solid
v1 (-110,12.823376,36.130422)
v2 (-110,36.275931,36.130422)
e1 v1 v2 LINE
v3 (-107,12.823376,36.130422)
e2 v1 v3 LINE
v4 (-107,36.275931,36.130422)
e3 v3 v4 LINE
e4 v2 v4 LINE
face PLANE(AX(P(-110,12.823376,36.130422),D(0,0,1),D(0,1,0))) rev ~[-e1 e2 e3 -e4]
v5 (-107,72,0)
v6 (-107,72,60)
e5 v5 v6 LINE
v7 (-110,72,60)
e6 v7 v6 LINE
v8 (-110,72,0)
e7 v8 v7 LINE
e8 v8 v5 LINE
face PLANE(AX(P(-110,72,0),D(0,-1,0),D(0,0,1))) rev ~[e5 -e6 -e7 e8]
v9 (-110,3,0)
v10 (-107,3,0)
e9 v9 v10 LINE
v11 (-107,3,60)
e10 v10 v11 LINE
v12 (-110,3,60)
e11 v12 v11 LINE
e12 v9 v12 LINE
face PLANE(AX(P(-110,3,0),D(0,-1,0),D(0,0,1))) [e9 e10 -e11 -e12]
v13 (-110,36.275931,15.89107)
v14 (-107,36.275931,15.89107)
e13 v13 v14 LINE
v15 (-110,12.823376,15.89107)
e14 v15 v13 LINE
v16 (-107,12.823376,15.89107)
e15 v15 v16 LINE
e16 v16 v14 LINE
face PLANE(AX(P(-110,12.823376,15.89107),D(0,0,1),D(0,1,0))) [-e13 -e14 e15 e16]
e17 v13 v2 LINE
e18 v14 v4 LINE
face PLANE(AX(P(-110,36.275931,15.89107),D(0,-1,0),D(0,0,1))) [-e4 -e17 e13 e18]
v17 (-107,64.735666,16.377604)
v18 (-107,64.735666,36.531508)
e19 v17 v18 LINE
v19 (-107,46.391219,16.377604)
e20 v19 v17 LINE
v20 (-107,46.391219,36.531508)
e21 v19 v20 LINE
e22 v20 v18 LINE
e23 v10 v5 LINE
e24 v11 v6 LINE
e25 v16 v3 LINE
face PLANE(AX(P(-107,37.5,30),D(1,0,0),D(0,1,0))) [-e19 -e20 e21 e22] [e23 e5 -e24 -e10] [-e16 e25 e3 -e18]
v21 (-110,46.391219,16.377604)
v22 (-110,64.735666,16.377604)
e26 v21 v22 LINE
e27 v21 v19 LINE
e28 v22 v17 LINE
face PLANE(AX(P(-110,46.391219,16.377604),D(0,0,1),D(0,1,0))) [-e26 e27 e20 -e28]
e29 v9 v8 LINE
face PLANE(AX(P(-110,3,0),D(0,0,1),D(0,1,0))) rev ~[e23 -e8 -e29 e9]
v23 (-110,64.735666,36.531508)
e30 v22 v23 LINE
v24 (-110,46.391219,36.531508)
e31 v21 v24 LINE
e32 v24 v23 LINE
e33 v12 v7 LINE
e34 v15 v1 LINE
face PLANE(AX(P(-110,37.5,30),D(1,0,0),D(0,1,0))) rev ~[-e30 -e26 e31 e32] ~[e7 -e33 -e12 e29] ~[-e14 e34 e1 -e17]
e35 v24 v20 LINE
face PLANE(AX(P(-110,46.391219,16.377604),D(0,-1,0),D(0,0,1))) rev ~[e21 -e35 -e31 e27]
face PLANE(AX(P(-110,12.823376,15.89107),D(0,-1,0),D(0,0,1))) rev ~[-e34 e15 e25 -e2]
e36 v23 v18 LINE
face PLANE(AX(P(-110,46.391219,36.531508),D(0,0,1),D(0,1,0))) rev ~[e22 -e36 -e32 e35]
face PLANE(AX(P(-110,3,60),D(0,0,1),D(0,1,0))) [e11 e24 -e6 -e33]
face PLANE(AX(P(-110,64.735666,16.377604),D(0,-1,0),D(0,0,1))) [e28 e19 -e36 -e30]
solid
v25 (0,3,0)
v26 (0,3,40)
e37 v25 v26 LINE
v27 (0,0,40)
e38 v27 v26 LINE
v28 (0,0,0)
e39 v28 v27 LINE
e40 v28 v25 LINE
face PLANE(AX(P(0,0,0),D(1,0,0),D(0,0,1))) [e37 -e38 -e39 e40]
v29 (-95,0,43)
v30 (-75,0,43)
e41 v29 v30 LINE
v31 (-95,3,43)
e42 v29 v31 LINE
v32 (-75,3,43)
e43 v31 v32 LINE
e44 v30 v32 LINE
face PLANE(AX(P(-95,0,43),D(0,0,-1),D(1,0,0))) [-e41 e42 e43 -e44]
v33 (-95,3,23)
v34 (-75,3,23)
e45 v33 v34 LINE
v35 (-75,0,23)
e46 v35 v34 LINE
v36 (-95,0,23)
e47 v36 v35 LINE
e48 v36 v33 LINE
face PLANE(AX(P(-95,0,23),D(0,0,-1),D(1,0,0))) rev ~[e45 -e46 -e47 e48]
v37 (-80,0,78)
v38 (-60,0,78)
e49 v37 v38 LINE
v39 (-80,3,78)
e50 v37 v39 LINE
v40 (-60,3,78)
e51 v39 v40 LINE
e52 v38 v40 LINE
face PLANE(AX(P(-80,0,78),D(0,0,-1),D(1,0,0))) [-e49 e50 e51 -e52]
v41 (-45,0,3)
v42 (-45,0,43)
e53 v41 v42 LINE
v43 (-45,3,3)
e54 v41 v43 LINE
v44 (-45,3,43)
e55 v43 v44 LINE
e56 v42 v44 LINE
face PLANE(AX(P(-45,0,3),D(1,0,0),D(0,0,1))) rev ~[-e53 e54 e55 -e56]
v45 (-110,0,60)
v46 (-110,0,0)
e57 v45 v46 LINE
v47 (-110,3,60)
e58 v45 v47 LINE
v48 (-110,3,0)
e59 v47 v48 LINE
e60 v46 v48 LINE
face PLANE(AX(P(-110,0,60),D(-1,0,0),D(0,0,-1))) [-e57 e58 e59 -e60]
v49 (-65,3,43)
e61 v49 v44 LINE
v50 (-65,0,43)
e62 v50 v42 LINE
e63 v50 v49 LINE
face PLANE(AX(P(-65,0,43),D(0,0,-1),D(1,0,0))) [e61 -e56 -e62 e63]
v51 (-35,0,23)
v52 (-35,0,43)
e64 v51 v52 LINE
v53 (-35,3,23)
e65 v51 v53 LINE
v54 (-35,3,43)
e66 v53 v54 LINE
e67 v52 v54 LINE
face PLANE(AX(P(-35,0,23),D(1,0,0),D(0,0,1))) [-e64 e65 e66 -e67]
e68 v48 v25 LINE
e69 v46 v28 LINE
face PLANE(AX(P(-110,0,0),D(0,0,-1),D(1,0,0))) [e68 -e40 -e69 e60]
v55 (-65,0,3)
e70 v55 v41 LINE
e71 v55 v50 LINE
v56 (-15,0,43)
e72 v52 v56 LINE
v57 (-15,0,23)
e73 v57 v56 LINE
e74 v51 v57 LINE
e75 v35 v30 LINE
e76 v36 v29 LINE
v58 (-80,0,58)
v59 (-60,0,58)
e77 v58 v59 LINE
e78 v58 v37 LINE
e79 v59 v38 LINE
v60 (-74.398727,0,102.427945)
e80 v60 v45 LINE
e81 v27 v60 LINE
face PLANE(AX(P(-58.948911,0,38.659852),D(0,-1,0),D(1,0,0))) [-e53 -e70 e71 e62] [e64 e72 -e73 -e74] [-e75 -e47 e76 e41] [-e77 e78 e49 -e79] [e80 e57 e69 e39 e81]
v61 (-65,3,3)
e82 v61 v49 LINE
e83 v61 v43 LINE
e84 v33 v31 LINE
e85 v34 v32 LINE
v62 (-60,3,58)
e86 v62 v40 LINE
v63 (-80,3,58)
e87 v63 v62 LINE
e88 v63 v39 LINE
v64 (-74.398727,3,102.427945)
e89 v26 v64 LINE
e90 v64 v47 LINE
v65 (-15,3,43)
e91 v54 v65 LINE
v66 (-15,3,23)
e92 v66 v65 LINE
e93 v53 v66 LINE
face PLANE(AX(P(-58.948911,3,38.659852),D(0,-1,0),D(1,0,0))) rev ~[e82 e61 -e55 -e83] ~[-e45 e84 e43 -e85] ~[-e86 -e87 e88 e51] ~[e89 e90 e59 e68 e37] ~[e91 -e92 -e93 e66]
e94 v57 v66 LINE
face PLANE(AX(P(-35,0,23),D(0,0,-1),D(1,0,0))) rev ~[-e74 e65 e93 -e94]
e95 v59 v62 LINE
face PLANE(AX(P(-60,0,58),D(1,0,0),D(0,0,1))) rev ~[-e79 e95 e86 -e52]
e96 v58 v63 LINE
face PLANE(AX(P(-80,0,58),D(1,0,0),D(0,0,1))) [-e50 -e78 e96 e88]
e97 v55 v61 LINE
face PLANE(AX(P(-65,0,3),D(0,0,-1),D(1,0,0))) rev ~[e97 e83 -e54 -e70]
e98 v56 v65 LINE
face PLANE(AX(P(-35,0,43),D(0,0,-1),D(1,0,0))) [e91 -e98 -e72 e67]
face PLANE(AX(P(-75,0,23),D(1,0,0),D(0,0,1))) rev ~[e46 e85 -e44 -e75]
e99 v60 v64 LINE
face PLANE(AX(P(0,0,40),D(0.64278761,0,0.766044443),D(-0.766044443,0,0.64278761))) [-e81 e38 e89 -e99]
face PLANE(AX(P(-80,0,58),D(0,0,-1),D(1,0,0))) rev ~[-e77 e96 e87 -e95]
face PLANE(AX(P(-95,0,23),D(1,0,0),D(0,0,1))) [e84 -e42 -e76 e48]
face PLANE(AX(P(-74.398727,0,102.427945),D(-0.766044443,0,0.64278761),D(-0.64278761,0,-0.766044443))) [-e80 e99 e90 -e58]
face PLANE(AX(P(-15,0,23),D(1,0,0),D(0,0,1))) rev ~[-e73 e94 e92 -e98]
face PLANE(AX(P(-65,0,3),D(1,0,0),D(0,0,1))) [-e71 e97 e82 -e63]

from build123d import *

# Parameters (mm, degrees)
F1_W     = 20
F1_H     = 20
F1_H_2   = 40
F2_DEPTH = 3
F4_W     = 69
F4_H     = 60
F4_W_2   = 23.4525548294
F4_H_2   = 20.2393522486
F4_W_3   = 18.3444470167
F4_H_3   = 20.1539043337
F5_DEPTH = 3


with BuildPart() as f2:
    # F1 (on Front) → F2 (new body, through all)
    with BuildSketch(Plane.XZ):
        Polygon((-110, 60), (-110, 0), (0, 0), (0, 40), (-74.3987273018, 102.427944639), align=None)
        with Locations((-85, 33)):
            Rectangle(F1_W, F1_H, mode=Mode.SUBTRACT)
        with Locations((-55, 23)):
            Rectangle(F1_W, F1_H_2, mode=Mode.SUBTRACT)
        with Locations((-25, 33)):
            Rectangle(F1_W, F1_H, mode=Mode.SUBTRACT)
        with Locations((-70, 68)):
            Rectangle(F1_W, F1_H, mode=Mode.SUBTRACT)
    extrude(amount=-F2_DEPTH)


with BuildPart() as f5:
    # F4 (on plane+point) → F5 (new body, through all)
    with BuildSketch(Plane.YZ.offset(-110)):
        with Locations((37.5, 30)):
            Rectangle(F4_W, F4_H)
        with Locations((24.549653288, 26.0107456706)):
            Rectangle(F4_W_2, F4_H_2, mode=Mode.SUBTRACT)
        with Locations((55.563442409, 26.454555802)):
            Rectangle(F4_W_3, F4_H_3, mode=Mode.SUBTRACT)
    extrude(amount=F5_DEPTH)


solid = Compound([f2.part, f5.part])
